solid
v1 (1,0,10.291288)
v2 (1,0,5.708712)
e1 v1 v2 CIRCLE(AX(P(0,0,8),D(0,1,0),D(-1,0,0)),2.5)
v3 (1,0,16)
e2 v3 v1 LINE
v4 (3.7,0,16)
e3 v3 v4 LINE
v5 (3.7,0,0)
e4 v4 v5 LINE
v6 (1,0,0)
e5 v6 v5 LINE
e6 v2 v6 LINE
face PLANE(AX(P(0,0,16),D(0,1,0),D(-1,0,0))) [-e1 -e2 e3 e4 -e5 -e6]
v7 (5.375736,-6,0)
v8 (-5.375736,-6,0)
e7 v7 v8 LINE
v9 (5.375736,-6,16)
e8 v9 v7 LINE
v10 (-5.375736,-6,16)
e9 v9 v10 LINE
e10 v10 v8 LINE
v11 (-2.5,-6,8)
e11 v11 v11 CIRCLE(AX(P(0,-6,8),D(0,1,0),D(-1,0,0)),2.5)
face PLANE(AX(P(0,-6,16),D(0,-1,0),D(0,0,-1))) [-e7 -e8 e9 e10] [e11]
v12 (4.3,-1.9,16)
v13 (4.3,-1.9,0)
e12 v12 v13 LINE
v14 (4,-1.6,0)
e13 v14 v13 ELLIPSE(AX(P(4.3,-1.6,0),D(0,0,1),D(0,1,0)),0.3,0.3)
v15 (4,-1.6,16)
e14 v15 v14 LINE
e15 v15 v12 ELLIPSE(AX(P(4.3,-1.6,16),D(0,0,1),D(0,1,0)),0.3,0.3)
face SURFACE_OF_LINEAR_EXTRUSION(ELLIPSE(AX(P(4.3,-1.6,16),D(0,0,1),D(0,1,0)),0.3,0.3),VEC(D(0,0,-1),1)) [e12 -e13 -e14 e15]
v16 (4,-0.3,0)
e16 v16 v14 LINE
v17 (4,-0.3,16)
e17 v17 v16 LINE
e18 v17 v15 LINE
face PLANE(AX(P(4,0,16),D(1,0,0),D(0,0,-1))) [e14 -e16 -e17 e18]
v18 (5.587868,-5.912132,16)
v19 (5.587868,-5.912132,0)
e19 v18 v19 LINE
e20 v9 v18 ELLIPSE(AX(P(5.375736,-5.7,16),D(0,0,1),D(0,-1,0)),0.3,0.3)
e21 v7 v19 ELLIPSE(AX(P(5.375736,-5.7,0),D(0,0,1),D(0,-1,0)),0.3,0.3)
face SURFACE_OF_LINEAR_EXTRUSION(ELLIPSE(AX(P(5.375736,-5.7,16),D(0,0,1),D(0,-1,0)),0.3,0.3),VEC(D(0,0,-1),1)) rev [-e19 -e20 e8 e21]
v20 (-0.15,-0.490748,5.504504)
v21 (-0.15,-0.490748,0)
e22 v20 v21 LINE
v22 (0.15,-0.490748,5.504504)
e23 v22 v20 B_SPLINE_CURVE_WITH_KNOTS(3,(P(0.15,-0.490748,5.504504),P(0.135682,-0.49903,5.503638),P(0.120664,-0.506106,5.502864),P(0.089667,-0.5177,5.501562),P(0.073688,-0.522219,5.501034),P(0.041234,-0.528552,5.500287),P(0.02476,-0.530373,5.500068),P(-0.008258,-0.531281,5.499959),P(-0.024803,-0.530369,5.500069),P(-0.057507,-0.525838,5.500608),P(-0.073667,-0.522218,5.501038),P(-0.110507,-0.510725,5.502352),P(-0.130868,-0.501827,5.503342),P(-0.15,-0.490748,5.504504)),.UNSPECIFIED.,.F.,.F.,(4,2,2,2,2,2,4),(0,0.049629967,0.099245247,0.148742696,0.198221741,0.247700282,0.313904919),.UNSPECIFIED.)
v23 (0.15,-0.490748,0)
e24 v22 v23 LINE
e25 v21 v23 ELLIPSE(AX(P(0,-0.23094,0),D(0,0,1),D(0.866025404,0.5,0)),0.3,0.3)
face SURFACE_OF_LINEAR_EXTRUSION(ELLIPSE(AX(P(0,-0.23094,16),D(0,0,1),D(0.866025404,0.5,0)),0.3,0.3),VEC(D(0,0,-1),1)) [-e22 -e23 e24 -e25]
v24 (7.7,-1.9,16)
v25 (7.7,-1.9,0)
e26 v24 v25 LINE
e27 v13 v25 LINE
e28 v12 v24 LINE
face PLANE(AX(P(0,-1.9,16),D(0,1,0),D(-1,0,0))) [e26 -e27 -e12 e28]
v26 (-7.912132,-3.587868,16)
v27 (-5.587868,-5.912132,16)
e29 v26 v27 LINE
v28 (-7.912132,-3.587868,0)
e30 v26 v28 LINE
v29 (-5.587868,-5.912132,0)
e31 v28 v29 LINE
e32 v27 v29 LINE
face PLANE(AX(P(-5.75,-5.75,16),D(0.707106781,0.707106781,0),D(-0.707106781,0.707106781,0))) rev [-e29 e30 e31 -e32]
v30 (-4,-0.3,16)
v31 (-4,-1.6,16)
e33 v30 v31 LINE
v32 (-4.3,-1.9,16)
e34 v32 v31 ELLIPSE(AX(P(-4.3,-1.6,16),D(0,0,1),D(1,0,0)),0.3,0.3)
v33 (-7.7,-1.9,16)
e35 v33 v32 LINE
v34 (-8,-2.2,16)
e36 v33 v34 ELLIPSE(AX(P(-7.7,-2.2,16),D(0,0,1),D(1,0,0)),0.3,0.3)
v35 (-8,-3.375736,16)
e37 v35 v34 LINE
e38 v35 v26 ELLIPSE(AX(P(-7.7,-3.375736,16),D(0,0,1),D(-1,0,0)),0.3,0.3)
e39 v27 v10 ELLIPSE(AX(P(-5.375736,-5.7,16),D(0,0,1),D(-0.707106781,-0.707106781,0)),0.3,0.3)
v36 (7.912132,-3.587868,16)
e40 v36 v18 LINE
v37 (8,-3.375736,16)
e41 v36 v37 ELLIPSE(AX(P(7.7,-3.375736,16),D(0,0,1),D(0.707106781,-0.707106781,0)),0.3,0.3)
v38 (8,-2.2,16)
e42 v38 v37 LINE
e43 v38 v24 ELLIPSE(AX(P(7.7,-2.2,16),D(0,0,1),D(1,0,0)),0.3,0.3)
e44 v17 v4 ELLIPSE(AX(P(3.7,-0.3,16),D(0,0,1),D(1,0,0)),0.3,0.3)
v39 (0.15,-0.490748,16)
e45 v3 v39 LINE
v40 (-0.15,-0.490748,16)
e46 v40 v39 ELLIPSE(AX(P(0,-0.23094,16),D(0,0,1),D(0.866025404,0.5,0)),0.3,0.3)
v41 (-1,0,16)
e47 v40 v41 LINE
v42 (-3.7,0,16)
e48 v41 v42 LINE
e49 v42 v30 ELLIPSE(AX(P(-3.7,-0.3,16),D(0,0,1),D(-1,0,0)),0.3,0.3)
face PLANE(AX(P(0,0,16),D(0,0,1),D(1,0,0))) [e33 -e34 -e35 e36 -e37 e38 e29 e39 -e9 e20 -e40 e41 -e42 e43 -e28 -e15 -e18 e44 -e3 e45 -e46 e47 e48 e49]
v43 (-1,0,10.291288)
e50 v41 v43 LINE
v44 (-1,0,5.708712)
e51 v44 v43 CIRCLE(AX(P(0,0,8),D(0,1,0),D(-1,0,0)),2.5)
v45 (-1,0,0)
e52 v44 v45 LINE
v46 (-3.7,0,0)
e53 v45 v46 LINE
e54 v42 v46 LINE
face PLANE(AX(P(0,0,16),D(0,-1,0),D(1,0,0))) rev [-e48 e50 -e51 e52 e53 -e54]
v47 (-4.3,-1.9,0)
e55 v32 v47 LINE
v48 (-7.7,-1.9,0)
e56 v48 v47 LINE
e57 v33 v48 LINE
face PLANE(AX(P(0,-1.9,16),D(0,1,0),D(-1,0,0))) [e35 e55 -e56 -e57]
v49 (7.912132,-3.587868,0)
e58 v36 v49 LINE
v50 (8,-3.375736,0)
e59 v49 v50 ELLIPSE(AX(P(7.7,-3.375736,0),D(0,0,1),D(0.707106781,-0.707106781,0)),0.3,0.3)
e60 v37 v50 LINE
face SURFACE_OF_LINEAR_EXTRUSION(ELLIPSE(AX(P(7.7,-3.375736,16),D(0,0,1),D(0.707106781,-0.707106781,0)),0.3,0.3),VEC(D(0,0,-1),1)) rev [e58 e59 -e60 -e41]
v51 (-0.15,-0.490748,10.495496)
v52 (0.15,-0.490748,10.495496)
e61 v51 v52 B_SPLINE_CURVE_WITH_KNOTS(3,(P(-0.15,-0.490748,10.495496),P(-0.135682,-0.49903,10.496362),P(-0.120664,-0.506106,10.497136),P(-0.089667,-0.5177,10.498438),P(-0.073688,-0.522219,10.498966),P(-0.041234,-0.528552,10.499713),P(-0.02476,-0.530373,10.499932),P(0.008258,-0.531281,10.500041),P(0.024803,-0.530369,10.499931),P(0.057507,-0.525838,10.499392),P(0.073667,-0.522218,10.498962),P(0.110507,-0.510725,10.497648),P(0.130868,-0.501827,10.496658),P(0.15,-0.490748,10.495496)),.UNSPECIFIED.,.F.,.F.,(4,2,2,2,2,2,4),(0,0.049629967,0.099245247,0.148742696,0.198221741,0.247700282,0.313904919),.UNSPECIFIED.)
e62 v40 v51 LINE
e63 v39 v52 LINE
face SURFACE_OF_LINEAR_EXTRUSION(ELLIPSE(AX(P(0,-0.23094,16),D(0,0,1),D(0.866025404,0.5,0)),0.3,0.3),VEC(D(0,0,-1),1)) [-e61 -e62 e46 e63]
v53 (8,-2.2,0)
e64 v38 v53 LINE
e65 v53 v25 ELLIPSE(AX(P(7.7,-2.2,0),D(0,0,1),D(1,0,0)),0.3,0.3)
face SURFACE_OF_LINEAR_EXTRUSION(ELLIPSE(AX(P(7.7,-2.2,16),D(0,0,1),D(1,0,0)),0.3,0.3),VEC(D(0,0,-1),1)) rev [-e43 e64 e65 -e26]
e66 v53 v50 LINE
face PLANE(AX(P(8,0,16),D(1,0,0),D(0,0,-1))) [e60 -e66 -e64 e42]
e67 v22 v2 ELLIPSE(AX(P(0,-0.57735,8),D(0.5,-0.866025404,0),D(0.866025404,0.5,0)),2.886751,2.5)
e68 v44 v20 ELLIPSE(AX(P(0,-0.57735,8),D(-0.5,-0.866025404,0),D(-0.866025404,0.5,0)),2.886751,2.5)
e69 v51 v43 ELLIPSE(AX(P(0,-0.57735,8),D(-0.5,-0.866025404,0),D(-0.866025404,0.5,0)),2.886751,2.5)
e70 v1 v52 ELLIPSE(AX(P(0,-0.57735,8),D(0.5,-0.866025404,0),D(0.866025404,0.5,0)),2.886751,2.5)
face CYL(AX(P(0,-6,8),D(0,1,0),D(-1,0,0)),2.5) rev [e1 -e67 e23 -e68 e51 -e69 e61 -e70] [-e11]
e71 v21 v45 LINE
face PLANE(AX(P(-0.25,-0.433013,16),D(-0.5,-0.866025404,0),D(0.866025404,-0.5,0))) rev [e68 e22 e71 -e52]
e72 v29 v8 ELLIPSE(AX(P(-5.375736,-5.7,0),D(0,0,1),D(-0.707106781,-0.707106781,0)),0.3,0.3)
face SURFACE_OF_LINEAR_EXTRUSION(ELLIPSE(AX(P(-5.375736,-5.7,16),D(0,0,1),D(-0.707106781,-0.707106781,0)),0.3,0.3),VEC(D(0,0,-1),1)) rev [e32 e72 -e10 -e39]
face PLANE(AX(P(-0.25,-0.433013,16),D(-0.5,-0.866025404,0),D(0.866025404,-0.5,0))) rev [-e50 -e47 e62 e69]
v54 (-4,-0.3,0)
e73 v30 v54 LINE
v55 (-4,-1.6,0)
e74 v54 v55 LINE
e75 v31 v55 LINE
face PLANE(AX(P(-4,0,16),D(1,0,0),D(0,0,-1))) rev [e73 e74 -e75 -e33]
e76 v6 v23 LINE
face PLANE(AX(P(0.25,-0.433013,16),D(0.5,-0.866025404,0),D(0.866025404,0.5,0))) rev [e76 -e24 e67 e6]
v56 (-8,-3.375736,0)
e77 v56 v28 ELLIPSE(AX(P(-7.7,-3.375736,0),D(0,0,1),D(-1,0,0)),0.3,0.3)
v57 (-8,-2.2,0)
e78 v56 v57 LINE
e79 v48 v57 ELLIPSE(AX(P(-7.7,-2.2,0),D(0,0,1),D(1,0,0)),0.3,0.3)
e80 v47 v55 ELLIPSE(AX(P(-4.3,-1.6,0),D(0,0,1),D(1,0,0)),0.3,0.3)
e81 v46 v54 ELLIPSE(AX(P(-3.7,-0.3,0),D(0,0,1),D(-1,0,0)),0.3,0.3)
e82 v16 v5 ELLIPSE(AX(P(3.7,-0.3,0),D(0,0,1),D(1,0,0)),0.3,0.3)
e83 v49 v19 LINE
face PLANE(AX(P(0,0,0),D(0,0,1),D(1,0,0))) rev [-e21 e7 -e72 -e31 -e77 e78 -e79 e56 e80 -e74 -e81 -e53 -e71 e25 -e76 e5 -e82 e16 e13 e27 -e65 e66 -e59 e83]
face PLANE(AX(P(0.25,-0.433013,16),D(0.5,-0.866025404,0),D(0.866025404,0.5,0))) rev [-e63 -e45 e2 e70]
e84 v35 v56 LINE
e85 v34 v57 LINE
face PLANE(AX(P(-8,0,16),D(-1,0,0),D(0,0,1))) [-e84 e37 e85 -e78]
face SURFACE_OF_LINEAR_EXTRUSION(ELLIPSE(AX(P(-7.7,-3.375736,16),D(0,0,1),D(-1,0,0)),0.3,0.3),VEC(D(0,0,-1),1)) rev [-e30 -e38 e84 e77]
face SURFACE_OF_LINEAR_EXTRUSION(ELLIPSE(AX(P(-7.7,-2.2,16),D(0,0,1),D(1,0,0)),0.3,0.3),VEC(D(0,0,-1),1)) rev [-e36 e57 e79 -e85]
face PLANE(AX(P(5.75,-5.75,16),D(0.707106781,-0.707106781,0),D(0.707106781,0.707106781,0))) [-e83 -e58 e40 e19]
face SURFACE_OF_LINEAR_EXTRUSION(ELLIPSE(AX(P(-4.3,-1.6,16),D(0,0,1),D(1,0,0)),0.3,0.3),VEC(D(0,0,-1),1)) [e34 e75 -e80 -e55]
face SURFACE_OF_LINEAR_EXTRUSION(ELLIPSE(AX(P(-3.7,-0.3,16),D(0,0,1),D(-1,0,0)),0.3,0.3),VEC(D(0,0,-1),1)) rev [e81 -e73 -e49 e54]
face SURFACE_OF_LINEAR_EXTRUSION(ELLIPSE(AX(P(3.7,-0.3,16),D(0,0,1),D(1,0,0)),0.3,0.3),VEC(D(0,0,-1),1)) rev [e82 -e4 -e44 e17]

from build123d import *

# Parameters (mm, degrees)
EXTRUDE1_DEPTH     = 16
SKETCH2_R          = 2.5
CUT_EXTRUDE1_DEPTH = 19.867962423


with BuildPart() as part:
    # Sketch1 → Extrude1 (new body)
    with BuildSketch(Plane.XY):
        with BuildLine():
            add(Edge.make_bspline(
                [(-0.15, -0.490747729), (0, -0.577350269), (0.15, -0.490747729)],
                knots=[3.665191429, 3.665191429, 3.665191429, 4.71238898, 4.71238898, 4.71238898], degree=2, weights=[1, 0.866025404, 1]))
            Line((-0.15, -0.490747729), (-1, 0))
            Line((-1, 0), (-3.7, 0))
            add(Edge.make_bspline(
                [(-3.7, 0), (-4, 0), (-4, -0.3)],
                knots=[3.141592654, 3.141592654, 3.141592654, 4.71238898, 4.71238898, 4.71238898], degree=2, weights=[1, 0.707106781, 1]))
            Line((-4, -0.3), (-4, -1.6))
            add(Edge.make_bspline(
                [(-4.3, -1.9), (-4, -1.9), (-4, -1.6)],
                knots=[4.71238898, 4.71238898, 4.71238898, 6.283185307, 6.283185307, 6.283185307], degree=2, weights=[1, 0.707106781, 1]))
            Line((-4.3, -1.9), (-7.7, -1.9))
            add(Edge.make_bspline(
                [(-7.7, -1.9), (-8, -1.9), (-8, -2.2)],
                knots=[1.570796327, 1.570796327, 1.570796327, 3.141592654, 3.141592654, 3.141592654], degree=2, weights=[1, 0.707106781, 1]))
            Line((-8, -2.2), (-8, -3.375735931))
            add(Edge.make_bspline(
                [(-8, -3.375735931), (-8, -3.5), (-7.912132034, -3.587867966)],
                knots=[0, 0, 0, 0.785398163, 0.785398163, 0.785398163], degree=2, weights=[1, 0.923879533, 1]))
            Line((-7.912132034, -3.587867966), (-5.587867966, -5.912132034))
            add(Edge.make_bspline(
                [(-5.587867966, -5.912132034), (-5.5, -6), (-5.375735931, -6)],
                knots=[1.570796327, 1.570796327, 1.570796327, 2.35619449, 2.35619449, 2.35619449], degree=2, weights=[1, 0.923879533, 1]))
            Line((-5.375735931, -6), (-2.46, -6))
            Line((-2.46, -6), (2.46, -6))
            Line((2.46, -6), (5.375735931, -6))
            add(Edge.make_bspline(
                [(5.375735931, -6), (5.5, -6), (5.587867966, -5.912132034)],
                knots=[1.570796327, 1.570796327, 1.570796327, 2.35619449, 2.35619449, 2.35619449], degree=2, weights=[1, 0.923879533, 1]))
            Line((5.587867966, -5.912132034), (7.912132034, -3.587867966))
            add(Edge.make_bspline(
                [(7.912132034, -3.587867966), (8, -3.5), (8, -3.375735931)],
                knots=[1.570796327, 1.570796327, 1.570796327, 2.35619449, 2.35619449, 2.35619449], degree=2, weights=[1, 0.923879533, 1]))
            Line((8, -3.375735931), (8, -2.2))
            add(Edge.make_bspline(
                [(8, -2.2), (8, -1.9), (7.7, -1.9)],
                knots=[0, 0, 0, 1.570796327, 1.570796327, 1.570796327], degree=2, weights=[1, 0.707106781, 1]))
            Line((7.7, -1.9), (4.3, -1.9))
            add(Edge.make_bspline(
                [(4, -1.6), (4, -1.9), (4.3, -1.9)],
                knots=[1.570796327, 1.570796327, 1.570796327, 3.141592654, 3.141592654, 3.141592654], degree=2, weights=[1, 0.707106781, 1]))
            Line((4, -1.6), (4, -0.3))
            add(Edge.make_bspline(
                [(4, -0.3), (4, 0), (3.7, 0)],
                knots=[0, 0, 0, 1.570796327, 1.570796327, 1.570796327], degree=2, weights=[1, 0.707106781, 1]))
            Line((3.7, 0), (1, 0))
            Line((1, 0), (0.15, -0.490747729))
        make_face()
    extrude(amount=EXTRUDE1_DEPTH)

    # Sketch2 → Cut-Extrude1 (cut, through all)
    with BuildSketch(Plane(origin=(0, 0, 0), x_dir=(1, 0, 0), z_dir=(0, 1, 0))):
        with Locations(Location((0, -8, 0), (0, 0, 180))):
            Circle(SKETCH2_R)
    extrude(amount=-CUT_EXTRUDE1_DEPTH, mode=Mode.SUBTRACT)


solid = part.part
